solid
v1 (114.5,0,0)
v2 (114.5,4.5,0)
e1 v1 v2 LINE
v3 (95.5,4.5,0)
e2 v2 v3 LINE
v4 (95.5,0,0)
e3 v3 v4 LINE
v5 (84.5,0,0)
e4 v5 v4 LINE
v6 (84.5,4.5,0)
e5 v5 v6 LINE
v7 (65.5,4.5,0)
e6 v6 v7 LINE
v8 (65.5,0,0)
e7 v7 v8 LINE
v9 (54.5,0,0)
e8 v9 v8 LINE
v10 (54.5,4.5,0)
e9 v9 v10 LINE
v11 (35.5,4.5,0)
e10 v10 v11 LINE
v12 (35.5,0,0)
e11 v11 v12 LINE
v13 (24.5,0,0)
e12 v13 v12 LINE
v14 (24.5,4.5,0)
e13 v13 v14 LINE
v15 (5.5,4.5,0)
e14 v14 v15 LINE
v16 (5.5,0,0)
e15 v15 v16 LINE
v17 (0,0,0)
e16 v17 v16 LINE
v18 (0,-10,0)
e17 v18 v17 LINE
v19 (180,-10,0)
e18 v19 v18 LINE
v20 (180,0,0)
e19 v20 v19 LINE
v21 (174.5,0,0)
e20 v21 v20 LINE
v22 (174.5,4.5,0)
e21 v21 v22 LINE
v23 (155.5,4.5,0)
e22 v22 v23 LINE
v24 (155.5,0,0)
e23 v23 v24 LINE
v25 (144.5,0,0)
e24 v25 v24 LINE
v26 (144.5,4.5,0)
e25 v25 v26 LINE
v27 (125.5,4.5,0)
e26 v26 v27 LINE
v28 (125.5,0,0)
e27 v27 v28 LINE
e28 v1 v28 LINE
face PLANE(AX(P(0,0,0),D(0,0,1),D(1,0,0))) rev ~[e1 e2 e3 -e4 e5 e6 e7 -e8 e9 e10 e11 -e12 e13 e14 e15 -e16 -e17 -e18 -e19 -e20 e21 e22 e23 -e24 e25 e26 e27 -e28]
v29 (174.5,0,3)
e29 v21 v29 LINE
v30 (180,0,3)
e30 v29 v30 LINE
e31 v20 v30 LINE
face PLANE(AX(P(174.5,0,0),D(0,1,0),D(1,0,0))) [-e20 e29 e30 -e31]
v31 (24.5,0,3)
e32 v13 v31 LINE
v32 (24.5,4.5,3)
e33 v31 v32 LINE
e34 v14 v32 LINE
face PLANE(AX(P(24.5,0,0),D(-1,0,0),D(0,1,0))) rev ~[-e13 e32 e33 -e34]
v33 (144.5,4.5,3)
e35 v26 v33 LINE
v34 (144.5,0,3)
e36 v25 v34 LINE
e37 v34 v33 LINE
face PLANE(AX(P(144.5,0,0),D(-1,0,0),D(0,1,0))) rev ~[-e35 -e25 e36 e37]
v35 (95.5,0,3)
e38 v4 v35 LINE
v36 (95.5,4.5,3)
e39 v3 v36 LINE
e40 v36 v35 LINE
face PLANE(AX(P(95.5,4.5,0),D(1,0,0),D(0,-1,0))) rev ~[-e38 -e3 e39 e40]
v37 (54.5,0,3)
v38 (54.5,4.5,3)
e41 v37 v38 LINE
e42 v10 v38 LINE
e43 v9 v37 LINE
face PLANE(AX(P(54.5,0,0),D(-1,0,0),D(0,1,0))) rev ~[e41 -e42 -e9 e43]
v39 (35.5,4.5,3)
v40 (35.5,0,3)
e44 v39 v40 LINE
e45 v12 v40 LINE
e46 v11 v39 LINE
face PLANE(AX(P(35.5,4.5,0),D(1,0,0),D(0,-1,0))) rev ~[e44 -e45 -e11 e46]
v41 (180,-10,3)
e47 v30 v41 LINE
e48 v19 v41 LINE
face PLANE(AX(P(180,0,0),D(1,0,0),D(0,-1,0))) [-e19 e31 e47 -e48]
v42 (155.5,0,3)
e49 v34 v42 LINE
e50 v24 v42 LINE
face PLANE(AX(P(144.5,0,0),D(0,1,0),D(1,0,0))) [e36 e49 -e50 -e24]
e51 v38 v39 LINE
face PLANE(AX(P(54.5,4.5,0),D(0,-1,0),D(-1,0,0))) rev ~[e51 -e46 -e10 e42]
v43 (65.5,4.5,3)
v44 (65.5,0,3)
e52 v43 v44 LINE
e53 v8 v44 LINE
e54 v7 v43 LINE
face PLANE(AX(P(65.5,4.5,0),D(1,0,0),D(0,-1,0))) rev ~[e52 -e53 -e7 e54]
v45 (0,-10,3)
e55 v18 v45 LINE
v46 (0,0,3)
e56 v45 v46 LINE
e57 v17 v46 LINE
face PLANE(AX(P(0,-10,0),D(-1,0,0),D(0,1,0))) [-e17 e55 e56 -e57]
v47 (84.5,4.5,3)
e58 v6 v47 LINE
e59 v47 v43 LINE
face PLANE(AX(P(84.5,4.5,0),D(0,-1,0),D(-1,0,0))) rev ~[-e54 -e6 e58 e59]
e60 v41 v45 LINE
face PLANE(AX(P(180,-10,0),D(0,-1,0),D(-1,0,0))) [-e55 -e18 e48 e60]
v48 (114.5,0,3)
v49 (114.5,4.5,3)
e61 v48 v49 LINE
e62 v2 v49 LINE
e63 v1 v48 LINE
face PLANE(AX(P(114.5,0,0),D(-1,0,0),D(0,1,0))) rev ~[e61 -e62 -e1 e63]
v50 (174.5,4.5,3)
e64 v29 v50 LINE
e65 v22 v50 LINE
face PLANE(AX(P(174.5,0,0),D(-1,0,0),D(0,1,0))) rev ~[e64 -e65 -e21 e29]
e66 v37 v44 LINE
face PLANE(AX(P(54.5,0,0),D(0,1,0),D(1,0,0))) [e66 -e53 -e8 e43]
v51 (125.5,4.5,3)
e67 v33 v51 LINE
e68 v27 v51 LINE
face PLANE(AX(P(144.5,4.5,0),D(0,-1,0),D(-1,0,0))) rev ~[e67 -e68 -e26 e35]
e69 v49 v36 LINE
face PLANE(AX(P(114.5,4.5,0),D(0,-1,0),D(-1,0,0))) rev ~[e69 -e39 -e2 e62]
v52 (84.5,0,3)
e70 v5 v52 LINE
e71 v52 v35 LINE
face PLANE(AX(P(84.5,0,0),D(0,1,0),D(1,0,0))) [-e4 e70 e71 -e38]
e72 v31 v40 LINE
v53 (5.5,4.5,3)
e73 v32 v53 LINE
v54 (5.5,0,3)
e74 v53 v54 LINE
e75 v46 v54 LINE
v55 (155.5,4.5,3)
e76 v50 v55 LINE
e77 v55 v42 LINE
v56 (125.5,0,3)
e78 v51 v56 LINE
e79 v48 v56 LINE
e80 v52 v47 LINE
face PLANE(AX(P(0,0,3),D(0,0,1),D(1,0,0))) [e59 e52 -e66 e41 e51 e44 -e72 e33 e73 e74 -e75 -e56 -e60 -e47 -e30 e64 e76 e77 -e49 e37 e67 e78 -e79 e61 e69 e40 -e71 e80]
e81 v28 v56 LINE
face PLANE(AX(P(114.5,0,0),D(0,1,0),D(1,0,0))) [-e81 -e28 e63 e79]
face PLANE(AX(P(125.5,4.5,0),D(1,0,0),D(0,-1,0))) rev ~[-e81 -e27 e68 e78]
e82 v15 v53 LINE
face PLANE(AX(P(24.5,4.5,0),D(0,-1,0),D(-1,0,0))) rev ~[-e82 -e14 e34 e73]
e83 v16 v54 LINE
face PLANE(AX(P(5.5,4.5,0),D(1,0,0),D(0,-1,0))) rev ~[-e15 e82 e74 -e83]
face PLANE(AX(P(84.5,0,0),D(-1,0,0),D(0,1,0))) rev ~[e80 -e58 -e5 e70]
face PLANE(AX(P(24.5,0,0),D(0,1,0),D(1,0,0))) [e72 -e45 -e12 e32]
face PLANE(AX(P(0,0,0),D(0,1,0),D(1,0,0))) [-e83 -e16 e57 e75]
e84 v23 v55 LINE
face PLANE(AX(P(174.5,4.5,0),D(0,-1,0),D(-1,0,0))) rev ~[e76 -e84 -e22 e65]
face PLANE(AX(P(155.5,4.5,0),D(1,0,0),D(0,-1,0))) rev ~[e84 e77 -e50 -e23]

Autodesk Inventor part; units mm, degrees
ref_plane "YZ Plane" through (0, 0, 0) normal (1, 0, 0) x (0, 1, 0)
ref_plane "XZ Plane" through (0, 0, 0) normal (0, 1, 0) x (-1, 0, 0)
ref_plane "XY Plane" through (0, 0, 0) normal (0, 0, 1) x (1, 0, 0)
sketch "Sketch1" plane through (0, 0, 0) normal (0, 0, 1) x (1, 0, 0)
  line L0 (0, 0) -> (180, 0)
  line L1 (180, 0) -> (180, -10)
  line L2 (180, -10) -> (0, -10)
  line L3 (0, -10) -> (0, 0)
  line L4 (5.5, 0) -> (24.5, 0)
  line L5 (24.5, 0) -> (24.5, 4.5)
  line L6 (24.5, 4.5) -> (5.5, 4.5)
  line L7 (5.5, 4.5) -> (5.5, 0)
  line L8 (54.5, 4.5) -> (35.5, 4.5)
  line L9 (54.5, 0) -> (54.5, 4.5)
  line L10 (35.5, 4.5) -> (35.5, 0)
  line L11 (84.5, 4.5) -> (65.5, 4.5)
  line L12 (84.5, 0) -> (84.5, 4.5)
  line L13 (65.5, 4.5) -> (65.5, 0)
  line L14 (114.5, 4.5) -> (95.5, 4.5)
  line L15 (114.5, 0) -> (114.5, 4.5)
  line L16 (95.5, 4.5) -> (95.5, 0)
  line L17 (144.5, 4.5) -> (125.5, 4.5)
  line L18 (144.5, 0) -> (144.5, 4.5)
  line L19 (125.5, 4.5) -> (125.5, 0)
  line L20 (174.5, 4.5) -> (155.5, 4.5)
  line L21 (174.5, 0) -> (174.5, 4.5)
  line L22 (155.5, 4.5) -> (155.5, 0)
  dimension "d0" = 180
  dimension "d1" = 10
  dimension "d2" = 19
  dimension "d3" = 4.5
  dimension "d4" = 5.5
  dimension "d7" = 30
extrude "Extrusion1" add sketch "Sketch1" along normal blind 3
properties part number "tray_side_support"
